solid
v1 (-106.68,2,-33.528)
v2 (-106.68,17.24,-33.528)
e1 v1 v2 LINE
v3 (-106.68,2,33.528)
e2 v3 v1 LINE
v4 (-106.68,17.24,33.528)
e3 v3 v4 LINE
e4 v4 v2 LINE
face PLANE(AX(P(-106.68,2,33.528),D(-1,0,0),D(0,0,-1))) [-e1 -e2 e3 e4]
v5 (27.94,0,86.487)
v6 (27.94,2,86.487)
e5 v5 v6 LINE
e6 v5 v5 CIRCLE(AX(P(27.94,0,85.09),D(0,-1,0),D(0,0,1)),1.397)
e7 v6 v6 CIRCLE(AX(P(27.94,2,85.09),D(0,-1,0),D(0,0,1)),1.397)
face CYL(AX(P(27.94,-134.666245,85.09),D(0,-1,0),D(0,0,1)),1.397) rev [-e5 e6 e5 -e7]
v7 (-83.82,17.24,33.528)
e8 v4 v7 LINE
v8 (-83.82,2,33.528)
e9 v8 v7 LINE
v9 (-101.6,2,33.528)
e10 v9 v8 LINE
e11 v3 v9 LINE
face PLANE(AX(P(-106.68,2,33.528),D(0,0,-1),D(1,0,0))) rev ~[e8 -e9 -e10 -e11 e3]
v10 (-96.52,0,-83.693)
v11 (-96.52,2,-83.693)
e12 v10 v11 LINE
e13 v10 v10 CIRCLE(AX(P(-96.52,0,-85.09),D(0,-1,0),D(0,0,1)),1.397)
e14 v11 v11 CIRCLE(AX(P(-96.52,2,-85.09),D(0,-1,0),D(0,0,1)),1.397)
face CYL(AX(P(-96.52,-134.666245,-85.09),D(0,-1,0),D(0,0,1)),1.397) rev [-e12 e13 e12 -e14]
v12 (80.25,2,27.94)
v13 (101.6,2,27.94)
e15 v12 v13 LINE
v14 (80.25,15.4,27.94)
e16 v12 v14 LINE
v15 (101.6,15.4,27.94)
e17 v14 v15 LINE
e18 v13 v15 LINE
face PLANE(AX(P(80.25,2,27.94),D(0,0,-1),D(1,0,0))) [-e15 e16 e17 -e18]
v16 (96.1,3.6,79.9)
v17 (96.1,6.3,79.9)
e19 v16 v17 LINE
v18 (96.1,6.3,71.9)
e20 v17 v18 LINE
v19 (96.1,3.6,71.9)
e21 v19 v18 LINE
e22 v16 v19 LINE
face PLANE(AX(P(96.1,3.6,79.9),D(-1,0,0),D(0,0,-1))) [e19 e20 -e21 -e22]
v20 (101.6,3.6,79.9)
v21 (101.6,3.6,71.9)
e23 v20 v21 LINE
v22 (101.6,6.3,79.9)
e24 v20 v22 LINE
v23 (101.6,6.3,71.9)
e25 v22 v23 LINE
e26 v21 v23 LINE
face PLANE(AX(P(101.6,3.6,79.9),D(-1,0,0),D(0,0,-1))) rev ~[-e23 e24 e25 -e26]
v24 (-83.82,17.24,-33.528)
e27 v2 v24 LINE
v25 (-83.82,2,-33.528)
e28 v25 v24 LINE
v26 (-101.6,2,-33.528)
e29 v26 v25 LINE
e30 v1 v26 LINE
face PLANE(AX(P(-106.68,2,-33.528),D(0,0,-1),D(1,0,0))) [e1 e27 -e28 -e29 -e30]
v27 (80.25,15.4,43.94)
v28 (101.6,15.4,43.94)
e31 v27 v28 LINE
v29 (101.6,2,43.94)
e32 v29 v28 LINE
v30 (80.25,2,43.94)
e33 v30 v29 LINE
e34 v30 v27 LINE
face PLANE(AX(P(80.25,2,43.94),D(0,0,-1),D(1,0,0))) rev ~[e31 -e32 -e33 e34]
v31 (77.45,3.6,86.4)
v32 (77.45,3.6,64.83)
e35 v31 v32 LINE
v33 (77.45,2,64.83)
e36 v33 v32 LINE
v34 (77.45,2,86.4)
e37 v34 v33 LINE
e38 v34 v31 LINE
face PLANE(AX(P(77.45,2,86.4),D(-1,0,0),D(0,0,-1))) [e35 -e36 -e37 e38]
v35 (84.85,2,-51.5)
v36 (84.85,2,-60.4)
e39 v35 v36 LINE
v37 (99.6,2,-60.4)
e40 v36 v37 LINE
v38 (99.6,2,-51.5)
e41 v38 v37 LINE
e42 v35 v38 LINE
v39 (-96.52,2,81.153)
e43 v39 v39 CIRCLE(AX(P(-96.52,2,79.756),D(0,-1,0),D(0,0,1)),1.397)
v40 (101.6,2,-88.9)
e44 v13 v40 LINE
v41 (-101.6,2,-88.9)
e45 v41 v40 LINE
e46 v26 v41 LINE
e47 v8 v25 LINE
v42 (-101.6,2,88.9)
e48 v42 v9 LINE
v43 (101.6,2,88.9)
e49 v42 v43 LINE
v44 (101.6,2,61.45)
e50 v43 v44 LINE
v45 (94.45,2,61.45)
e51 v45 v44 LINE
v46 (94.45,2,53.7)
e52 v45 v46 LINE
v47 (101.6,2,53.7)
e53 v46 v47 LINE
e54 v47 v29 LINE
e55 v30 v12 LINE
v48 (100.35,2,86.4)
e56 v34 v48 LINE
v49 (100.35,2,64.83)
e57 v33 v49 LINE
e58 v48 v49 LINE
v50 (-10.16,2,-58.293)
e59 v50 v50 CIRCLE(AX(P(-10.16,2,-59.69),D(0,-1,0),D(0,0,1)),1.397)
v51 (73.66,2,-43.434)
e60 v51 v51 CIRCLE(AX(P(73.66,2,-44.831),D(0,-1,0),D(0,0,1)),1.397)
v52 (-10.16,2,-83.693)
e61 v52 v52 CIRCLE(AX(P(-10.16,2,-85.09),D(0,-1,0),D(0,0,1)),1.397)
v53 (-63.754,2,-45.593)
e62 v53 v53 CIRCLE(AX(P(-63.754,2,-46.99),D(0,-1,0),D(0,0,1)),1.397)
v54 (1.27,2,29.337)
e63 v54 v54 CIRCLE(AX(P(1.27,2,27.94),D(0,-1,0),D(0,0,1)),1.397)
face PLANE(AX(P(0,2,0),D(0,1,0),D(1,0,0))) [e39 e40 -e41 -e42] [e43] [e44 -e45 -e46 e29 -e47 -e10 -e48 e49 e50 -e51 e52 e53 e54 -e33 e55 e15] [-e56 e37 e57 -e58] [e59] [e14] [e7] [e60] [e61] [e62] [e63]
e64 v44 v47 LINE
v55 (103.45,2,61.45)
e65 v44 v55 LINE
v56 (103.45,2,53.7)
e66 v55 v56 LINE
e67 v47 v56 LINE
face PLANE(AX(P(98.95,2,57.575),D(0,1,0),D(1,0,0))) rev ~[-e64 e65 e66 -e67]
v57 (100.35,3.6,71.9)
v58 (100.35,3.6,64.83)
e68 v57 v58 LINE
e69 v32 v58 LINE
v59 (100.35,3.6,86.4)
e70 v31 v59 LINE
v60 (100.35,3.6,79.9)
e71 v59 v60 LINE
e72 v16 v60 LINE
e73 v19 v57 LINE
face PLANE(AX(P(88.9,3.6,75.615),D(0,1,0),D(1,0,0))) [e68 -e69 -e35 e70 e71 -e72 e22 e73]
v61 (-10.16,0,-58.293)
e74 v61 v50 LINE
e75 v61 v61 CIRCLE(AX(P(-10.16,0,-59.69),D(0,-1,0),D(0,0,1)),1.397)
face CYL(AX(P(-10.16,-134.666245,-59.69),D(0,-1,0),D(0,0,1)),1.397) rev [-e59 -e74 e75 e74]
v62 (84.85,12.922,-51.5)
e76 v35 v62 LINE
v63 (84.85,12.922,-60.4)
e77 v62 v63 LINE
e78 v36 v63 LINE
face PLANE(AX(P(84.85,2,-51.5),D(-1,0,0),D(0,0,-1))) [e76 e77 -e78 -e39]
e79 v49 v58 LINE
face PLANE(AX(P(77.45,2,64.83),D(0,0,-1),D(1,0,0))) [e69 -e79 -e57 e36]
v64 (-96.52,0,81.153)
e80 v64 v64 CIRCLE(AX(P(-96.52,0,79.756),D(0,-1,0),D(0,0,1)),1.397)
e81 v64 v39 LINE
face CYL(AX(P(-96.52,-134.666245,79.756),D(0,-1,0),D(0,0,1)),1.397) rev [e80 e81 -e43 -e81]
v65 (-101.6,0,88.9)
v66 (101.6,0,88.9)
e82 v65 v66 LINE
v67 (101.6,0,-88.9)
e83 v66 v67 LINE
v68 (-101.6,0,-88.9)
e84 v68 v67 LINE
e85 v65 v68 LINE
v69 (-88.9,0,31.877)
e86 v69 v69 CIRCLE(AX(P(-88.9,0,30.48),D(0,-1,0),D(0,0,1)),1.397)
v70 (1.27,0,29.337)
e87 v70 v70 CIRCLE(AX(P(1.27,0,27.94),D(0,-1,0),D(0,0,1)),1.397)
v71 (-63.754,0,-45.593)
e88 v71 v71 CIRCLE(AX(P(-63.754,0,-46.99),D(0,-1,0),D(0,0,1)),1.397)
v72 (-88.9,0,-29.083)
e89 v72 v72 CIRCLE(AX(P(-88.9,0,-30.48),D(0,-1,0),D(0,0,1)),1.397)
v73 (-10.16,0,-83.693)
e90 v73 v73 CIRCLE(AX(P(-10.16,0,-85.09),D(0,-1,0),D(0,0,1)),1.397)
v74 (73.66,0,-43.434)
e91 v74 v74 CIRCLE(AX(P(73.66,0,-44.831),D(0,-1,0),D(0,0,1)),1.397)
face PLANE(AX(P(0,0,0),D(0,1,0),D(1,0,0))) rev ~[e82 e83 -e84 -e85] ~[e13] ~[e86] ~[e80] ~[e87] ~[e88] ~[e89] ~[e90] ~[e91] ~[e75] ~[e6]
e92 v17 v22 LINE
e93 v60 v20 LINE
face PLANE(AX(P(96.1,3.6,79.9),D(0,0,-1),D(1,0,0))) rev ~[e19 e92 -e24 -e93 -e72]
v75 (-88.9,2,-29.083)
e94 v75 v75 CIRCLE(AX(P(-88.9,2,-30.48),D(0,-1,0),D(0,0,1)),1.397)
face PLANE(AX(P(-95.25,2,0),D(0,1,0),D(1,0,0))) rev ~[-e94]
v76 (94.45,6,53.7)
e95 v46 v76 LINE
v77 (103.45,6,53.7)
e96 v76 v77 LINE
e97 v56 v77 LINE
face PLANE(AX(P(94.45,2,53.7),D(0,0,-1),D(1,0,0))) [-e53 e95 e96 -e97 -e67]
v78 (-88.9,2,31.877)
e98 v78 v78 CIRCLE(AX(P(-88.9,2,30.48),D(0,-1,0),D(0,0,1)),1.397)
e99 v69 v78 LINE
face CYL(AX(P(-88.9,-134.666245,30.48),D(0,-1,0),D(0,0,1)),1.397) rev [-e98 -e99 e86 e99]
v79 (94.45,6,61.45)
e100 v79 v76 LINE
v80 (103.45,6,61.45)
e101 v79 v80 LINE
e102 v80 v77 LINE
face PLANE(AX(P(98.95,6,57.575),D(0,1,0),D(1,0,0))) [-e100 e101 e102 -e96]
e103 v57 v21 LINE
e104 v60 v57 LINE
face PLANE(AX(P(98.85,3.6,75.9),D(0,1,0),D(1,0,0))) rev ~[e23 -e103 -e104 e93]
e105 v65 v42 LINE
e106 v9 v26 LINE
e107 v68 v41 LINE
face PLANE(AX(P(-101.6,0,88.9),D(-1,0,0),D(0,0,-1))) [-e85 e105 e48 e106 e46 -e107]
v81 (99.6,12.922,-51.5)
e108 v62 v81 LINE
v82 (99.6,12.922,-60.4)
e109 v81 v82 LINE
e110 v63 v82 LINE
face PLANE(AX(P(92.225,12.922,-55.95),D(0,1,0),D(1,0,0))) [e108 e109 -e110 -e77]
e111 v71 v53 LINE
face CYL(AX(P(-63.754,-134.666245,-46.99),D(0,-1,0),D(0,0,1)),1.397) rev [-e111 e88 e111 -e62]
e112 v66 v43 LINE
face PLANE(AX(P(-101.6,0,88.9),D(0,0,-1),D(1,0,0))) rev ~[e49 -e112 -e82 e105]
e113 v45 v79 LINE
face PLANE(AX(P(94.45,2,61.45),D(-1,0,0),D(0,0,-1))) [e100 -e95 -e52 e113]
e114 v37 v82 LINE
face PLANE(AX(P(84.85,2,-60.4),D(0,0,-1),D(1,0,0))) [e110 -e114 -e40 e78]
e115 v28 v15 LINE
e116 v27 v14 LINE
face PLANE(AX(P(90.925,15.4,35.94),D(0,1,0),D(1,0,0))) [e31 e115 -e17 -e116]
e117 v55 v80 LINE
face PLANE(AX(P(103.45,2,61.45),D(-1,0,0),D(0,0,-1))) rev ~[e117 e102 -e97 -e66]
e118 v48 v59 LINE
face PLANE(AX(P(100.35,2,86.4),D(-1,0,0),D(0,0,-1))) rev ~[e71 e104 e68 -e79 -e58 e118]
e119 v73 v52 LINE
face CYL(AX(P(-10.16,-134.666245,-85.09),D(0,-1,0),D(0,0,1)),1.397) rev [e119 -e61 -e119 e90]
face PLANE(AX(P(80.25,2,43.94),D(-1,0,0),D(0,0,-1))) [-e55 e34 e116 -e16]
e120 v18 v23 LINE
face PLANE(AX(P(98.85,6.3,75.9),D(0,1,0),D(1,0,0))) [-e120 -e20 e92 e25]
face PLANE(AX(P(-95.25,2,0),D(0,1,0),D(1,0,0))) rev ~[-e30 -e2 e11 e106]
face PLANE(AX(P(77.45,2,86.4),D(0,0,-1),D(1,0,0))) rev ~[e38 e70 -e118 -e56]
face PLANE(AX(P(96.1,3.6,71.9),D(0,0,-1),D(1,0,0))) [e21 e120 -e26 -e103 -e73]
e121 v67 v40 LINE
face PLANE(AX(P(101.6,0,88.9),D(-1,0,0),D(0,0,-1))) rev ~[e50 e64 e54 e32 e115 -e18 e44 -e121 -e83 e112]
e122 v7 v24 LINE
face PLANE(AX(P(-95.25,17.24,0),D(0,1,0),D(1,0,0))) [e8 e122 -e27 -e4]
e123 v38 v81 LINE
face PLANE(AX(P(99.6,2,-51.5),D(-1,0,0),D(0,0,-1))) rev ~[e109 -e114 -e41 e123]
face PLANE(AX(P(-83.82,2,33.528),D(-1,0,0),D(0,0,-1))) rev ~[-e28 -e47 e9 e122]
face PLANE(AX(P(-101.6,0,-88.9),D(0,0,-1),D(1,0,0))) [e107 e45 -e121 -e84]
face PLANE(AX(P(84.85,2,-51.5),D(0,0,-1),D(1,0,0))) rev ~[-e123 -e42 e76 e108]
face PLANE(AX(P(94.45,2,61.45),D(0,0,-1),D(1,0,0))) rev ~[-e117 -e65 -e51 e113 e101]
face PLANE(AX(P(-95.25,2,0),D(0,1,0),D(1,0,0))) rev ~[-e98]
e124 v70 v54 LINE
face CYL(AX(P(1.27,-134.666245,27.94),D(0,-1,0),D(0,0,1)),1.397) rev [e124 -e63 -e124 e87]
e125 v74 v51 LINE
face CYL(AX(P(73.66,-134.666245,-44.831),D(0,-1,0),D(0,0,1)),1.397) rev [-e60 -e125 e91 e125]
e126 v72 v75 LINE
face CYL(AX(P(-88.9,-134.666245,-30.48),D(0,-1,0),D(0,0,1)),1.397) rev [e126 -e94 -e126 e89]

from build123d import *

# Parameters (mm, degrees)
SKETCH1_W               = 203.2
SKETCH1_H               = 177.8
BOSS_EXTRUDE1_DEPTH     = 2
SKETCH3_W               = 21.35
SKETCH3_H               = 16
BOSS_EXTRUDE2_DEPTH     = 13.4
CUT_EXTRUDE1_DEPTH      = 136.666244881
CUT_EXTRUDE1_DEPTH_BACK = 136.666244881
SKETCH2_R               = 1.397
SKETCH4_W               = 22.86
SKETCH4_H               = 67.056
BOSS_EXTRUDE3_DEPTH     = 15.24
SKETCH5_W               = 14.75
SKETCH5_H               = 8.9
BOSS_EXTRUDE4_DEPTH     = 10.922
SKETCH7_W               = 9
SKETCH7_H               = 7.75
BOSS_EXTRUDE5_DEPTH     = 4
SKETCH8_W               = 22.9
SKETCH8_H               = 21.57
BOSS_EXTRUDE6_DEPTH     = 1.6
SKETCH9_W               = 5.5
SKETCH9_H               = 8
BOSS_EXTRUDE7_DEPTH     = 2.7


with BuildPart() as part:
    # Sketch1 → Boss-Extrude1 (new body)
    with BuildSketch(Plane(origin=(0, 0, 0), x_dir=(1, 0, 0), z_dir=(0, 1, 0))):
        Rectangle(SKETCH1_W, SKETCH1_H)
    extrude(amount=BOSS_EXTRUDE1_DEPTH)

    # Sketch3 → Boss-Extrude2 (add)
    with BuildSketch(Plane(origin=(0, 2, 0), x_dir=(1, 0, 0), z_dir=(0, 1, 0))):
        with Locations((90.925, -35.94)):
            Rectangle(SKETCH3_W, SKETCH3_H)
    extrude(amount=BOSS_EXTRUDE2_DEPTH)

    # Sketch2 → Cut-Extrude1 (cut, two sides: drawn at the far end of the back side and taken through both)
    with BuildSketch(Plane(origin=(0, 2, 0), x_dir=(1, 0, 0), z_dir=(0, 1, 0)).offset(-CUT_EXTRUDE1_DEPTH_BACK)):
        with Locations(Location((-96.52, 85.09, 0), (0, 0, 270))):
            Circle(SKETCH2_R)
        with Locations(Location((-10.16, 85.09, 0), (0, 0, 270))):
            Circle(SKETCH2_R)
        with Locations(Location((-10.16, 59.69, 0), (0, 0, 270))):
            Circle(SKETCH2_R)
        with Locations(Location((73.66, 44.831, 0), (0, 0, 270))):
            Circle(SKETCH2_R)
        with Locations(Location((-63.754, 46.99, 0), (0, 0, 270))):
            Circle(SKETCH2_R)
        with Locations(Location((1.27, -27.94, 0), (0, 0, 270))):
            Circle(SKETCH2_R)
        with Locations(Location((-96.52, -79.756, 0), (0, 0, 270))):
            Circle(SKETCH2_R)
        with Locations(Location((27.94, -85.09, 0), (0, 0, 270))):
            Circle(SKETCH2_R)
        with Locations(Location((-88.9, -30.48, 0), (0, 0, 270))):
            Circle(SKETCH2_R)
        with Locations(Location((-88.9, 30.48, 0), (0, 0, 270))):
            Circle(SKETCH2_R)
    extrude(amount=CUT_EXTRUDE1_DEPTH + CUT_EXTRUDE1_DEPTH_BACK, mode=Mode.SUBTRACT)

    # Sketch4 → Boss-Extrude3 (add)
    with BuildSketch(Plane(origin=(0, 2, 0), x_dir=(1, 0, 0), z_dir=(0, 1, 0))):
        with Locations((-95.25, 0)):
            Rectangle(SKETCH4_W, SKETCH4_H)
    extrude(amount=BOSS_EXTRUDE3_DEPTH)

    # Sketch5 → Boss-Extrude4 (add)
    with BuildSketch(Plane(origin=(0, 2, 0), x_dir=(1, 0, 0), z_dir=(0, 1, 0))):
        with Locations((92.225, 55.95)):
            Rectangle(SKETCH5_W, SKETCH5_H)
    extrude(amount=BOSS_EXTRUDE4_DEPTH)

    # Sketch7 → Boss-Extrude5 (add)
    with BuildSketch(Plane(origin=(0, 2, 0), x_dir=(1, 0, 0), z_dir=(0, 1, 0))):
        with Locations((98.95, -57.575)):
            Rectangle(SKETCH7_W, SKETCH7_H)
    extrude(amount=BOSS_EXTRUDE5_DEPTH)

    # Sketch8 → Boss-Extrude6 (add)
    with BuildSketch(Plane(origin=(0, 2, 0), x_dir=(1, 0, 0), z_dir=(0, 1, 0))):
        with Locations((88.9, -75.615)):
            Rectangle(SKETCH8_W, SKETCH8_H)
    extrude(amount=BOSS_EXTRUDE6_DEPTH)

    # Sketch9 → Boss-Extrude7 (add)
    with BuildSketch(Plane(origin=(0, 3.6, 0), x_dir=(1, 0, 0), z_dir=(0, 1, 0))):
        with Locations((98.85, -75.9)):
            Rectangle(SKETCH9_W, SKETCH9_H)
    extrude(amount=BOSS_EXTRUDE7_DEPTH)


solid = part.part
